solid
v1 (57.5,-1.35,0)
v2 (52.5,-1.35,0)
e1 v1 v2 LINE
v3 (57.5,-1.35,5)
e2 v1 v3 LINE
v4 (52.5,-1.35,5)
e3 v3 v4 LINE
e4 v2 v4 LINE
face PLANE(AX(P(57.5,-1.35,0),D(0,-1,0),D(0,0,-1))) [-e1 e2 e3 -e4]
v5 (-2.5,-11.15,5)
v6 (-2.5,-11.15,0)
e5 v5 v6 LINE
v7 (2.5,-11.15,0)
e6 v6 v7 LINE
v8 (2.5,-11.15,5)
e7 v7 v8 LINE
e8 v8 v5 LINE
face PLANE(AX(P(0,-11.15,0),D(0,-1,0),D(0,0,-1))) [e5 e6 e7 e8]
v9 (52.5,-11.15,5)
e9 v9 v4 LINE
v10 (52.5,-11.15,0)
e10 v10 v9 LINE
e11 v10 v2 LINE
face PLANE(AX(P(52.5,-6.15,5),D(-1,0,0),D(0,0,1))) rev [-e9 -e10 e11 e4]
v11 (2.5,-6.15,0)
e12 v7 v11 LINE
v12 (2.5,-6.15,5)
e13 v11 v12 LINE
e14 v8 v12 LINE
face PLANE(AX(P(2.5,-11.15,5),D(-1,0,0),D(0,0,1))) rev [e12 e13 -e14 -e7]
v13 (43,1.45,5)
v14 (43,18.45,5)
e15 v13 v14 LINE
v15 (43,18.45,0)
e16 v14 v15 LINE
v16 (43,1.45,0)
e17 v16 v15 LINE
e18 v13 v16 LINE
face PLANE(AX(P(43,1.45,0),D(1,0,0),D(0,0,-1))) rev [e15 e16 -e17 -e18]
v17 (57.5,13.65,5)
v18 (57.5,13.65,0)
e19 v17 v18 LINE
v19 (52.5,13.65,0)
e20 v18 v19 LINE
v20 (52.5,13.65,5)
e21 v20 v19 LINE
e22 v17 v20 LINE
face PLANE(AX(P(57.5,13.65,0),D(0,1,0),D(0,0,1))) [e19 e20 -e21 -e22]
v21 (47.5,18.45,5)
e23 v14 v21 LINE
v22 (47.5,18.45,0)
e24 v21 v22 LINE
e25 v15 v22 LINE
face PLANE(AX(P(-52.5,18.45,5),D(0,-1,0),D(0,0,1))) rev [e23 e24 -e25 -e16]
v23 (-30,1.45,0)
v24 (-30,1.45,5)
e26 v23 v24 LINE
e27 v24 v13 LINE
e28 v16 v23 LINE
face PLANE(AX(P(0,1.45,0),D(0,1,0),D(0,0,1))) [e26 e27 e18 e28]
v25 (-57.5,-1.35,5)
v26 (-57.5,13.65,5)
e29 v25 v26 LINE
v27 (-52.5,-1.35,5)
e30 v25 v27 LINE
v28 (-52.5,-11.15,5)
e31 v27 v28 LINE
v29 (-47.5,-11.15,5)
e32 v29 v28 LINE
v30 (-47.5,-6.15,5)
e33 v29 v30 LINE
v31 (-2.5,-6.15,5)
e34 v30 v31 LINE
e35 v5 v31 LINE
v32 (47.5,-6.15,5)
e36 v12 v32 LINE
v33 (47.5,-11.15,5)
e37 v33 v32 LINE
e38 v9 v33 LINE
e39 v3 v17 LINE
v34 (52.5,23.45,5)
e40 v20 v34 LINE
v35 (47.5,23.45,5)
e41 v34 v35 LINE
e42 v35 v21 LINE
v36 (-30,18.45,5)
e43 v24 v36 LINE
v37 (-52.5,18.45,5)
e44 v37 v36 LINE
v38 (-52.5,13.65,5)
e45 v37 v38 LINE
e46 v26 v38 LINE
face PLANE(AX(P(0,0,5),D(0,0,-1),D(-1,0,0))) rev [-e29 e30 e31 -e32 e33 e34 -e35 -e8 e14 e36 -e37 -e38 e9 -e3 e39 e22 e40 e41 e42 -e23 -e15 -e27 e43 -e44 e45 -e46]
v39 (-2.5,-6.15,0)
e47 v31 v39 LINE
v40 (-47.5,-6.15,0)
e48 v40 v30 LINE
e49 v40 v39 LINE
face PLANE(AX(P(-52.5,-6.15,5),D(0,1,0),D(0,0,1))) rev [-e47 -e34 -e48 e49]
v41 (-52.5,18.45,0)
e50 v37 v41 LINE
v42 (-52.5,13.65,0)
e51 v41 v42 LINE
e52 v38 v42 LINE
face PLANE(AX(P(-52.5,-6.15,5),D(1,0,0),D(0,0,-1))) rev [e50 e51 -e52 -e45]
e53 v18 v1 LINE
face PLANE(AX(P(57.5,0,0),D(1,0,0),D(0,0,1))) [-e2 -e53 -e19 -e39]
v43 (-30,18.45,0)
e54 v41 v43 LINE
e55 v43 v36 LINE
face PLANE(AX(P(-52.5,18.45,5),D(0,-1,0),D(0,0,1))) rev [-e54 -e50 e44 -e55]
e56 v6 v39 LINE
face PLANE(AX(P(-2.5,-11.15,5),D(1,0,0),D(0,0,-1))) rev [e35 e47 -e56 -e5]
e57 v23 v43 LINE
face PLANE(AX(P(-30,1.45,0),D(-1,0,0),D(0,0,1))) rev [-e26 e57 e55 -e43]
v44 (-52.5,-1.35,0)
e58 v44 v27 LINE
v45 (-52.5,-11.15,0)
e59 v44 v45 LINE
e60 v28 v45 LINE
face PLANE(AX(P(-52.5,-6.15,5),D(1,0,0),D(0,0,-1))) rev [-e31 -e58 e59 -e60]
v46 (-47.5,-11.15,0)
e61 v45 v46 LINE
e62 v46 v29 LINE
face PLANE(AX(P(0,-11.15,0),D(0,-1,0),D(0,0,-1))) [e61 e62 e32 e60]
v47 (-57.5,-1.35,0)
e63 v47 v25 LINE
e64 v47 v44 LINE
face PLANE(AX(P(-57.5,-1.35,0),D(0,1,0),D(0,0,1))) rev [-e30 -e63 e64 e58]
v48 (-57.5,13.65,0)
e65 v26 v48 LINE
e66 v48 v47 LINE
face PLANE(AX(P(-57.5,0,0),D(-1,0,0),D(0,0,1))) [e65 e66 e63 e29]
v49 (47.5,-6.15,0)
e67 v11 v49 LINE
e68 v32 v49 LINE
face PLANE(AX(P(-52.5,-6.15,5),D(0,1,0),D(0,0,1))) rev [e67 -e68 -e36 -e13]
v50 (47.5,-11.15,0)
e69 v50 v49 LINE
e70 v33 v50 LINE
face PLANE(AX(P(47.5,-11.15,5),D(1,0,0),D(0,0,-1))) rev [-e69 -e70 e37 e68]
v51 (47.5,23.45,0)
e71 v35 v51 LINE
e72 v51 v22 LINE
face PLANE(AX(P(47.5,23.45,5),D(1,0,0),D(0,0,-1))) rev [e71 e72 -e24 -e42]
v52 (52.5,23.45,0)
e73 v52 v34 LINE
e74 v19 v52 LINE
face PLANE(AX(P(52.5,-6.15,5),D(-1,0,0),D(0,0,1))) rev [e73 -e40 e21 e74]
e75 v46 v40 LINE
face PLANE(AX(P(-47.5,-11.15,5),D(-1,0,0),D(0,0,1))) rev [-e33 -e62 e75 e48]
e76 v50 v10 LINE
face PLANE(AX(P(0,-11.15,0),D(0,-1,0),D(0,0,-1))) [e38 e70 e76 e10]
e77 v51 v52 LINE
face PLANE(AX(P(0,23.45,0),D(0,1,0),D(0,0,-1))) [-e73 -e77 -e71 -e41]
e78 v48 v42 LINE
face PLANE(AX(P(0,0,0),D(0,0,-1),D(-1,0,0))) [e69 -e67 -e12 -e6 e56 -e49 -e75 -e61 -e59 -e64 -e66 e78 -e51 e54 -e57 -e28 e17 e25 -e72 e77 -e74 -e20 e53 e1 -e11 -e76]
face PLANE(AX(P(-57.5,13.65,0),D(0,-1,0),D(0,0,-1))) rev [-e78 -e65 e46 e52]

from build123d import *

# Parameters (mm, degrees)
SKETCH1_W           = 105
SKETCH1_H           = 12.3
BOSS_EXTRUDE1_DEPTH = 5
SKETCH2_W           = 5
SKETCH2_H           = 5
BOSS_EXTRUDE2_DEPTH = 5
SKETCH3_W           = 73
SKETCH3_H           = 5
CUT_EXTRUDE1_DEPTH  = 17
SKETCH4_W           = 5
SKETCH4_H           = 5
BOSS_EXTRUDE3_DEPTH = 5
SKETCH5_W           = 5
SKETCH5_H           = 15
BOSS_EXTRUDE4_DEPTH = 5


with BuildPart() as part:
    # Sketch1 → Boss-Extrude1 (new body)
    with BuildSketch(Plane.XY):
        Rectangle(SKETCH1_W, SKETCH1_H)
    extrude(amount=BOSS_EXTRUDE1_DEPTH)

    # Sketch2 → Boss-Extrude2 (add)
    with BuildSketch(Plane.XZ.offset(6.15)):
        with Locations((50, 2.5)):
            Rectangle(SKETCH2_W, SKETCH2_H)
    extrude(amount=BOSS_EXTRUDE2_DEPTH)

    # Mirror1: part across plane


with BuildPart() as part_1:
    add(part.part)
    add(part.part.mirror(Plane(origin=(-52.5, 6.15, 5), x_dir=(0, 0, 1), z_dir=(0, -1, 0))))

    # Sketch3 → Cut-Extrude1 (cut)
    with BuildSketch(Plane(origin=(0, 18.45, 0), x_dir=(1, 0, 0), z_dir=(0, 1, 0))):
        with Locations((6.5, -2.5)):
            Rectangle(SKETCH3_W, SKETCH3_H)
    extrude(amount=-CUT_EXTRUDE1_DEPTH, mode=Mode.SUBTRACT)

    # Sketch4 → Boss-Extrude3 (add)
    with BuildSketch(Plane.XZ.offset(6.15)):
        with Locations((0, 2.5)):
            Rectangle(SKETCH4_W, SKETCH4_H)
        with Locations((-50, 2.5)):
            Rectangle(SKETCH4_W, SKETCH4_H)
    extrude(amount=BOSS_EXTRUDE3_DEPTH)

    # Sketch5 → Boss-Extrude4 (add)
    with BuildSketch(Plane.ZY.offset(52.5)):
        with Locations((2.5, 6.15)):
            Rectangle(SKETCH5_W, SKETCH5_H)
    boss_extrude4 = extrude(amount=BOSS_EXTRUDE4_DEPTH)

    # Mirror2: Boss-Extrude4 across plane
    add(boss_extrude4.mirror(Plane(origin=(0, 0, 0), x_dir=(0, 0, 1), z_dir=(1, 0, 0))))


solid = part_1.part
